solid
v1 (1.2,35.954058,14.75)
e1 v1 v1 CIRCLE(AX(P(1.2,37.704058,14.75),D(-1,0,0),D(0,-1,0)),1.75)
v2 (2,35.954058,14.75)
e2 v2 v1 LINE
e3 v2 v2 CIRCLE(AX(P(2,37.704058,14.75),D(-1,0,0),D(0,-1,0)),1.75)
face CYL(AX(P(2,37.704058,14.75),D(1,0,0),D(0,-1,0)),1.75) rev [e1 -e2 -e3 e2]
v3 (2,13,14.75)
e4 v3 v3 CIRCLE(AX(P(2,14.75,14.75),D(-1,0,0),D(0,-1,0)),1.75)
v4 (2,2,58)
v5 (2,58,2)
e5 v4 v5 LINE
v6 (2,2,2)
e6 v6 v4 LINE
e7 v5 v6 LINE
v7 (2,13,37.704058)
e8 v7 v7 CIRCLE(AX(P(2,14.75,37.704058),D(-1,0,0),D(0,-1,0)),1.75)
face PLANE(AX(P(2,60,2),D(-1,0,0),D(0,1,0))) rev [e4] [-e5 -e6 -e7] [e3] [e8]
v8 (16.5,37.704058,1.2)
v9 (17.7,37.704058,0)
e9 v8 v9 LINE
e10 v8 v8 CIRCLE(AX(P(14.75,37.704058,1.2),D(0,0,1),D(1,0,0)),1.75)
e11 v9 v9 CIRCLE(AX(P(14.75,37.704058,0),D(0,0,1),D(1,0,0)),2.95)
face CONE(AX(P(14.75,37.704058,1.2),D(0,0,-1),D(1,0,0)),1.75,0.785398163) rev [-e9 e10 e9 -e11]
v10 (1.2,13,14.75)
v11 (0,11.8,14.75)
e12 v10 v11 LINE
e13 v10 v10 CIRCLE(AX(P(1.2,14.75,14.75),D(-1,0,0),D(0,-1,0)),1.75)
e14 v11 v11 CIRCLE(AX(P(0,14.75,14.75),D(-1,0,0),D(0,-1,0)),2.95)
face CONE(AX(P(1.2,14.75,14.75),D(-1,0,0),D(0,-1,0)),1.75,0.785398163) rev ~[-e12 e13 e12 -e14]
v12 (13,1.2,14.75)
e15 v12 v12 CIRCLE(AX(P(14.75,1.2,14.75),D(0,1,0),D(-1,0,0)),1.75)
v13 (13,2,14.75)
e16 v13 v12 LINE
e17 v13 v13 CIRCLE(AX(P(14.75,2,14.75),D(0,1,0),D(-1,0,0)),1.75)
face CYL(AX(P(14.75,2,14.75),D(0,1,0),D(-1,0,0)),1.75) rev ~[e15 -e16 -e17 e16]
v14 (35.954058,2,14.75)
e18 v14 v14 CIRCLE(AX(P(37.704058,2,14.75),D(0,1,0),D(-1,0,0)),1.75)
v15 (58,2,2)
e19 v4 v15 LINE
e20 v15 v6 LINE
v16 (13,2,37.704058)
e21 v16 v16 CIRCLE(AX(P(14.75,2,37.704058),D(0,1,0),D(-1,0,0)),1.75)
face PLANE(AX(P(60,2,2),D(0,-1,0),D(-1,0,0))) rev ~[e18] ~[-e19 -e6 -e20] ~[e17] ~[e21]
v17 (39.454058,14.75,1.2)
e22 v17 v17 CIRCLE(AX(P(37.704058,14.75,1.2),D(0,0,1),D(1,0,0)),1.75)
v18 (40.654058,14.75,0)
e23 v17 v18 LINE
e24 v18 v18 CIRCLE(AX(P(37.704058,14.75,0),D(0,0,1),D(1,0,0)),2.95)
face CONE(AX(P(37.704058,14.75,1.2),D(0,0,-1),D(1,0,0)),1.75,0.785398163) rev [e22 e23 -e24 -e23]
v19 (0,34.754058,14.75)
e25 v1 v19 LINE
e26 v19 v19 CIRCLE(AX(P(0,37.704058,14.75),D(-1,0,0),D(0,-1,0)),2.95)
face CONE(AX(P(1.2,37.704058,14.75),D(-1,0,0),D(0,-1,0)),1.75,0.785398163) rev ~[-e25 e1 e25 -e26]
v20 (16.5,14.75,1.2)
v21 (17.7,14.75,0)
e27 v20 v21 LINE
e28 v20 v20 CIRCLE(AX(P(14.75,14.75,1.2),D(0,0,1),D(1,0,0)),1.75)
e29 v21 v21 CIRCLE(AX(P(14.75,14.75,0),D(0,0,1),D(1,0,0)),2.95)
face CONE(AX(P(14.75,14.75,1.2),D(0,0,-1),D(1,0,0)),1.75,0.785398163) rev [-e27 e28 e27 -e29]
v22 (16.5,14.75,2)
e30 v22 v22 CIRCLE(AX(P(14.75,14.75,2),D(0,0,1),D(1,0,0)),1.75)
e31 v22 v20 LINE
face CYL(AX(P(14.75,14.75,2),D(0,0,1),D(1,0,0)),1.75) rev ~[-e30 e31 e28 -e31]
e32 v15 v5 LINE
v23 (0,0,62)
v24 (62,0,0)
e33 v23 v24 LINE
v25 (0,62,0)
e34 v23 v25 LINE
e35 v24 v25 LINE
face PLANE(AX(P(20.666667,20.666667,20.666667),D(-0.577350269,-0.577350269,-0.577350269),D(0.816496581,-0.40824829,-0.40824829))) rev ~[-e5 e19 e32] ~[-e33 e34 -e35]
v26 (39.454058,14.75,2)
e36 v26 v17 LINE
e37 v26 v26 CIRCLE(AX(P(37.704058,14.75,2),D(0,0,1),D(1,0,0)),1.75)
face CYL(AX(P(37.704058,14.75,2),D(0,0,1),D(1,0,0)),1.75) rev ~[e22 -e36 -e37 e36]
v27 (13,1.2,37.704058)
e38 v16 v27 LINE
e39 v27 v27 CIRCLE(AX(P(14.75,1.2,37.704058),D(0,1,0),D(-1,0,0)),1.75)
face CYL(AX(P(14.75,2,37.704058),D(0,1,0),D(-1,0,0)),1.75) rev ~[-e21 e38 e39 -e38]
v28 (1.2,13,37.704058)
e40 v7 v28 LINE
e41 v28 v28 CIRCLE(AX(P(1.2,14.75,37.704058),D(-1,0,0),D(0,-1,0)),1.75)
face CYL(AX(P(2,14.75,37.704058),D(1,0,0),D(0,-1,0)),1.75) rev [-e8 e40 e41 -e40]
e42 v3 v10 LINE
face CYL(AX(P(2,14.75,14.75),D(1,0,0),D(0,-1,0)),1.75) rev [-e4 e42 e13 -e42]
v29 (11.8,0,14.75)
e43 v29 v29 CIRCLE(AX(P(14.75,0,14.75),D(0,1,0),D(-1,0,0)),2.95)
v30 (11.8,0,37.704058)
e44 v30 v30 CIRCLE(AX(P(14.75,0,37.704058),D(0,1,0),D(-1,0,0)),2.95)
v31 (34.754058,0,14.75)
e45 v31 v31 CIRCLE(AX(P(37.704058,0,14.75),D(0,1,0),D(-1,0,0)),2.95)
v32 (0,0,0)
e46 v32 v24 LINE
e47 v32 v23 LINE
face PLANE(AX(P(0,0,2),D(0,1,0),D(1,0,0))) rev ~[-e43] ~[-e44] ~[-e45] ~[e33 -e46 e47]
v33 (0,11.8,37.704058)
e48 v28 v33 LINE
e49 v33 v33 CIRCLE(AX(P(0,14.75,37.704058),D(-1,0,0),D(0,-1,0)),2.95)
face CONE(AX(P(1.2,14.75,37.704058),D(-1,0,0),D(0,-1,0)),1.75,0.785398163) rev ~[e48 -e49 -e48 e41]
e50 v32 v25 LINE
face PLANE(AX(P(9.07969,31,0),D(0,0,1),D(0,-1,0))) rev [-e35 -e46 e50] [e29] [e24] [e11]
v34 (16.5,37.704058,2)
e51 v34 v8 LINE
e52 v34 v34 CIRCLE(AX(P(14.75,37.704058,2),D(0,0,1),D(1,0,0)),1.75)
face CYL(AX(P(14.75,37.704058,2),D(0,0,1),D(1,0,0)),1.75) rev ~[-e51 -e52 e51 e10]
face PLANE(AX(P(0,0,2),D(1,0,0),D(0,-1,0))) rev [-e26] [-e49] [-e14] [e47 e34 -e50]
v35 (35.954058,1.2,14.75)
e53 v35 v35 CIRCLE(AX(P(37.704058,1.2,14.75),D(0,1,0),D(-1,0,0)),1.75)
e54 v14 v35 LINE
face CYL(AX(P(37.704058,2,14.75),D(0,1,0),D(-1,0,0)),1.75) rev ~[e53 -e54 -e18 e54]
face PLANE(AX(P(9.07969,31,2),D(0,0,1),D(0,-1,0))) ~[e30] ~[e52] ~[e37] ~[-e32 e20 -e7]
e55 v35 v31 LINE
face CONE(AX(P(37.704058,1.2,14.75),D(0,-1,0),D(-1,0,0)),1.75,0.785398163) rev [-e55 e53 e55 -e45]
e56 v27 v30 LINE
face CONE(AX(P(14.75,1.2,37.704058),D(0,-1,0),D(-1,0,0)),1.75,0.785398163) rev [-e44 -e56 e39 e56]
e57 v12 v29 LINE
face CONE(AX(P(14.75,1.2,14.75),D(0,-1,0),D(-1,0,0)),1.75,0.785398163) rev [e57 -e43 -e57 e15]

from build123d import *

# Parameters (mm, degrees)
F1_DEPTH  = 2
F3_DEPTH  = 60
F5_DEPTH  = 31.001
F6_R      = 1.75
F7_DEPTH  = 2.001
F9_R      = 1.75
F10_DEPTH = 2.001
F13_DEPTH = 71.5924333795
F14_SIZE  = 1.2


with BuildPart() as f1:
    # F0 (on Top) → F1 (new body)
    with BuildSketch(Plane.XY):
        Polygon((62, 0), (31, 31), (0, 0), align=None)
    extrude(amount=F1_DEPTH)

    # F2 (on face) → F3 (join)
    with BuildSketch(Plane.XY.offset(2)):
        Polygon((2, 2), (0, 0), (62, 0), (60, 2), align=None)
    extrude(amount=F3_DEPTH)

    # F4 (on face) → F5 (cut, through all)
    with BuildSketch(Plane.XZ):
        Polygon((62, 62), (0, 62), (62, 0), align=None)
    extrude(amount=-F5_DEPTH, mode=Mode.SUBTRACT)

    # F6 (on face) → F7 (cut, through all)
    with BuildSketch(Plane(origin=(0, 2, 0), x_dir=(-1, 0, 0), z_dir=(0, 1, 0))):
        with Locations((-14.75, 14.75)):
            Circle(F6_R)
        with Locations((-14.75, 37.704058454)):
            Circle(F6_R)
        with Locations((-37.704058454, 14.75)):
            Circle(F6_R)
    extrude(amount=-F7_DEPTH, mode=Mode.SUBTRACT)

    # F8: F1 across face


with BuildPart() as f1_1:
    add(f1.part)
    add(f1.part.mirror(Plane(origin=(5.9907407407, 5.9907407407, 20.9962962963), x_dir=(-0.7071067812, -0.7071067812, 0), z_dir=(-0.7071067812, 0.7071067812, 0))))

    # F9 (on face) → F10 (cut, through all)
    with BuildSketch(Plane.XY.offset(2)):
        with Locations((14.75, 14.75)):
            Circle(F9_R)
        with Locations((37.704058454, 14.75)):
            Circle(F9_R)
        with Locations((14.75, 37.704058454)):
            Circle(F9_R)
    extrude(amount=-F10_DEPTH, mode=Mode.SUBTRACT)

    # F12 (on 3pt) → F13 (cut, through all)
    with BuildSketch(Plane(origin=(20.6666666667, 20.6666666667, 20.6666666667), x_dir=(0.8164965809, -0.4082482905, -0.4082482905), z_dir=(-0.5773502692, -0.5773502692, -0.5773502692))):
        Polygon((-25.3113940088, -43.8406204336), (50.6227880175, 0), (-25.3113940088, 43.8406204336), align=None)
    extrude(amount=-F13_DEPTH, mode=Mode.SUBTRACT)

    # F14
    f14_edges = [f1_1.edges().sort_by_distance(p)[0] for p in [
        (13, 37.704058, 0),
        (13, 14.75, 0),
        (35.954058, 14.75, 0),
        (0, 16.5, 14.75),
        (0, 39.454058, 14.75),
        (0, 16.5, 37.704058),
        (16.5, 0, 37.704058),
        (39.454058, 0, 14.75),
        (16.5, 0, 14.75),
    ]]
    chamfer(f14_edges, length=F14_SIZE)


solid = f1_1.part
